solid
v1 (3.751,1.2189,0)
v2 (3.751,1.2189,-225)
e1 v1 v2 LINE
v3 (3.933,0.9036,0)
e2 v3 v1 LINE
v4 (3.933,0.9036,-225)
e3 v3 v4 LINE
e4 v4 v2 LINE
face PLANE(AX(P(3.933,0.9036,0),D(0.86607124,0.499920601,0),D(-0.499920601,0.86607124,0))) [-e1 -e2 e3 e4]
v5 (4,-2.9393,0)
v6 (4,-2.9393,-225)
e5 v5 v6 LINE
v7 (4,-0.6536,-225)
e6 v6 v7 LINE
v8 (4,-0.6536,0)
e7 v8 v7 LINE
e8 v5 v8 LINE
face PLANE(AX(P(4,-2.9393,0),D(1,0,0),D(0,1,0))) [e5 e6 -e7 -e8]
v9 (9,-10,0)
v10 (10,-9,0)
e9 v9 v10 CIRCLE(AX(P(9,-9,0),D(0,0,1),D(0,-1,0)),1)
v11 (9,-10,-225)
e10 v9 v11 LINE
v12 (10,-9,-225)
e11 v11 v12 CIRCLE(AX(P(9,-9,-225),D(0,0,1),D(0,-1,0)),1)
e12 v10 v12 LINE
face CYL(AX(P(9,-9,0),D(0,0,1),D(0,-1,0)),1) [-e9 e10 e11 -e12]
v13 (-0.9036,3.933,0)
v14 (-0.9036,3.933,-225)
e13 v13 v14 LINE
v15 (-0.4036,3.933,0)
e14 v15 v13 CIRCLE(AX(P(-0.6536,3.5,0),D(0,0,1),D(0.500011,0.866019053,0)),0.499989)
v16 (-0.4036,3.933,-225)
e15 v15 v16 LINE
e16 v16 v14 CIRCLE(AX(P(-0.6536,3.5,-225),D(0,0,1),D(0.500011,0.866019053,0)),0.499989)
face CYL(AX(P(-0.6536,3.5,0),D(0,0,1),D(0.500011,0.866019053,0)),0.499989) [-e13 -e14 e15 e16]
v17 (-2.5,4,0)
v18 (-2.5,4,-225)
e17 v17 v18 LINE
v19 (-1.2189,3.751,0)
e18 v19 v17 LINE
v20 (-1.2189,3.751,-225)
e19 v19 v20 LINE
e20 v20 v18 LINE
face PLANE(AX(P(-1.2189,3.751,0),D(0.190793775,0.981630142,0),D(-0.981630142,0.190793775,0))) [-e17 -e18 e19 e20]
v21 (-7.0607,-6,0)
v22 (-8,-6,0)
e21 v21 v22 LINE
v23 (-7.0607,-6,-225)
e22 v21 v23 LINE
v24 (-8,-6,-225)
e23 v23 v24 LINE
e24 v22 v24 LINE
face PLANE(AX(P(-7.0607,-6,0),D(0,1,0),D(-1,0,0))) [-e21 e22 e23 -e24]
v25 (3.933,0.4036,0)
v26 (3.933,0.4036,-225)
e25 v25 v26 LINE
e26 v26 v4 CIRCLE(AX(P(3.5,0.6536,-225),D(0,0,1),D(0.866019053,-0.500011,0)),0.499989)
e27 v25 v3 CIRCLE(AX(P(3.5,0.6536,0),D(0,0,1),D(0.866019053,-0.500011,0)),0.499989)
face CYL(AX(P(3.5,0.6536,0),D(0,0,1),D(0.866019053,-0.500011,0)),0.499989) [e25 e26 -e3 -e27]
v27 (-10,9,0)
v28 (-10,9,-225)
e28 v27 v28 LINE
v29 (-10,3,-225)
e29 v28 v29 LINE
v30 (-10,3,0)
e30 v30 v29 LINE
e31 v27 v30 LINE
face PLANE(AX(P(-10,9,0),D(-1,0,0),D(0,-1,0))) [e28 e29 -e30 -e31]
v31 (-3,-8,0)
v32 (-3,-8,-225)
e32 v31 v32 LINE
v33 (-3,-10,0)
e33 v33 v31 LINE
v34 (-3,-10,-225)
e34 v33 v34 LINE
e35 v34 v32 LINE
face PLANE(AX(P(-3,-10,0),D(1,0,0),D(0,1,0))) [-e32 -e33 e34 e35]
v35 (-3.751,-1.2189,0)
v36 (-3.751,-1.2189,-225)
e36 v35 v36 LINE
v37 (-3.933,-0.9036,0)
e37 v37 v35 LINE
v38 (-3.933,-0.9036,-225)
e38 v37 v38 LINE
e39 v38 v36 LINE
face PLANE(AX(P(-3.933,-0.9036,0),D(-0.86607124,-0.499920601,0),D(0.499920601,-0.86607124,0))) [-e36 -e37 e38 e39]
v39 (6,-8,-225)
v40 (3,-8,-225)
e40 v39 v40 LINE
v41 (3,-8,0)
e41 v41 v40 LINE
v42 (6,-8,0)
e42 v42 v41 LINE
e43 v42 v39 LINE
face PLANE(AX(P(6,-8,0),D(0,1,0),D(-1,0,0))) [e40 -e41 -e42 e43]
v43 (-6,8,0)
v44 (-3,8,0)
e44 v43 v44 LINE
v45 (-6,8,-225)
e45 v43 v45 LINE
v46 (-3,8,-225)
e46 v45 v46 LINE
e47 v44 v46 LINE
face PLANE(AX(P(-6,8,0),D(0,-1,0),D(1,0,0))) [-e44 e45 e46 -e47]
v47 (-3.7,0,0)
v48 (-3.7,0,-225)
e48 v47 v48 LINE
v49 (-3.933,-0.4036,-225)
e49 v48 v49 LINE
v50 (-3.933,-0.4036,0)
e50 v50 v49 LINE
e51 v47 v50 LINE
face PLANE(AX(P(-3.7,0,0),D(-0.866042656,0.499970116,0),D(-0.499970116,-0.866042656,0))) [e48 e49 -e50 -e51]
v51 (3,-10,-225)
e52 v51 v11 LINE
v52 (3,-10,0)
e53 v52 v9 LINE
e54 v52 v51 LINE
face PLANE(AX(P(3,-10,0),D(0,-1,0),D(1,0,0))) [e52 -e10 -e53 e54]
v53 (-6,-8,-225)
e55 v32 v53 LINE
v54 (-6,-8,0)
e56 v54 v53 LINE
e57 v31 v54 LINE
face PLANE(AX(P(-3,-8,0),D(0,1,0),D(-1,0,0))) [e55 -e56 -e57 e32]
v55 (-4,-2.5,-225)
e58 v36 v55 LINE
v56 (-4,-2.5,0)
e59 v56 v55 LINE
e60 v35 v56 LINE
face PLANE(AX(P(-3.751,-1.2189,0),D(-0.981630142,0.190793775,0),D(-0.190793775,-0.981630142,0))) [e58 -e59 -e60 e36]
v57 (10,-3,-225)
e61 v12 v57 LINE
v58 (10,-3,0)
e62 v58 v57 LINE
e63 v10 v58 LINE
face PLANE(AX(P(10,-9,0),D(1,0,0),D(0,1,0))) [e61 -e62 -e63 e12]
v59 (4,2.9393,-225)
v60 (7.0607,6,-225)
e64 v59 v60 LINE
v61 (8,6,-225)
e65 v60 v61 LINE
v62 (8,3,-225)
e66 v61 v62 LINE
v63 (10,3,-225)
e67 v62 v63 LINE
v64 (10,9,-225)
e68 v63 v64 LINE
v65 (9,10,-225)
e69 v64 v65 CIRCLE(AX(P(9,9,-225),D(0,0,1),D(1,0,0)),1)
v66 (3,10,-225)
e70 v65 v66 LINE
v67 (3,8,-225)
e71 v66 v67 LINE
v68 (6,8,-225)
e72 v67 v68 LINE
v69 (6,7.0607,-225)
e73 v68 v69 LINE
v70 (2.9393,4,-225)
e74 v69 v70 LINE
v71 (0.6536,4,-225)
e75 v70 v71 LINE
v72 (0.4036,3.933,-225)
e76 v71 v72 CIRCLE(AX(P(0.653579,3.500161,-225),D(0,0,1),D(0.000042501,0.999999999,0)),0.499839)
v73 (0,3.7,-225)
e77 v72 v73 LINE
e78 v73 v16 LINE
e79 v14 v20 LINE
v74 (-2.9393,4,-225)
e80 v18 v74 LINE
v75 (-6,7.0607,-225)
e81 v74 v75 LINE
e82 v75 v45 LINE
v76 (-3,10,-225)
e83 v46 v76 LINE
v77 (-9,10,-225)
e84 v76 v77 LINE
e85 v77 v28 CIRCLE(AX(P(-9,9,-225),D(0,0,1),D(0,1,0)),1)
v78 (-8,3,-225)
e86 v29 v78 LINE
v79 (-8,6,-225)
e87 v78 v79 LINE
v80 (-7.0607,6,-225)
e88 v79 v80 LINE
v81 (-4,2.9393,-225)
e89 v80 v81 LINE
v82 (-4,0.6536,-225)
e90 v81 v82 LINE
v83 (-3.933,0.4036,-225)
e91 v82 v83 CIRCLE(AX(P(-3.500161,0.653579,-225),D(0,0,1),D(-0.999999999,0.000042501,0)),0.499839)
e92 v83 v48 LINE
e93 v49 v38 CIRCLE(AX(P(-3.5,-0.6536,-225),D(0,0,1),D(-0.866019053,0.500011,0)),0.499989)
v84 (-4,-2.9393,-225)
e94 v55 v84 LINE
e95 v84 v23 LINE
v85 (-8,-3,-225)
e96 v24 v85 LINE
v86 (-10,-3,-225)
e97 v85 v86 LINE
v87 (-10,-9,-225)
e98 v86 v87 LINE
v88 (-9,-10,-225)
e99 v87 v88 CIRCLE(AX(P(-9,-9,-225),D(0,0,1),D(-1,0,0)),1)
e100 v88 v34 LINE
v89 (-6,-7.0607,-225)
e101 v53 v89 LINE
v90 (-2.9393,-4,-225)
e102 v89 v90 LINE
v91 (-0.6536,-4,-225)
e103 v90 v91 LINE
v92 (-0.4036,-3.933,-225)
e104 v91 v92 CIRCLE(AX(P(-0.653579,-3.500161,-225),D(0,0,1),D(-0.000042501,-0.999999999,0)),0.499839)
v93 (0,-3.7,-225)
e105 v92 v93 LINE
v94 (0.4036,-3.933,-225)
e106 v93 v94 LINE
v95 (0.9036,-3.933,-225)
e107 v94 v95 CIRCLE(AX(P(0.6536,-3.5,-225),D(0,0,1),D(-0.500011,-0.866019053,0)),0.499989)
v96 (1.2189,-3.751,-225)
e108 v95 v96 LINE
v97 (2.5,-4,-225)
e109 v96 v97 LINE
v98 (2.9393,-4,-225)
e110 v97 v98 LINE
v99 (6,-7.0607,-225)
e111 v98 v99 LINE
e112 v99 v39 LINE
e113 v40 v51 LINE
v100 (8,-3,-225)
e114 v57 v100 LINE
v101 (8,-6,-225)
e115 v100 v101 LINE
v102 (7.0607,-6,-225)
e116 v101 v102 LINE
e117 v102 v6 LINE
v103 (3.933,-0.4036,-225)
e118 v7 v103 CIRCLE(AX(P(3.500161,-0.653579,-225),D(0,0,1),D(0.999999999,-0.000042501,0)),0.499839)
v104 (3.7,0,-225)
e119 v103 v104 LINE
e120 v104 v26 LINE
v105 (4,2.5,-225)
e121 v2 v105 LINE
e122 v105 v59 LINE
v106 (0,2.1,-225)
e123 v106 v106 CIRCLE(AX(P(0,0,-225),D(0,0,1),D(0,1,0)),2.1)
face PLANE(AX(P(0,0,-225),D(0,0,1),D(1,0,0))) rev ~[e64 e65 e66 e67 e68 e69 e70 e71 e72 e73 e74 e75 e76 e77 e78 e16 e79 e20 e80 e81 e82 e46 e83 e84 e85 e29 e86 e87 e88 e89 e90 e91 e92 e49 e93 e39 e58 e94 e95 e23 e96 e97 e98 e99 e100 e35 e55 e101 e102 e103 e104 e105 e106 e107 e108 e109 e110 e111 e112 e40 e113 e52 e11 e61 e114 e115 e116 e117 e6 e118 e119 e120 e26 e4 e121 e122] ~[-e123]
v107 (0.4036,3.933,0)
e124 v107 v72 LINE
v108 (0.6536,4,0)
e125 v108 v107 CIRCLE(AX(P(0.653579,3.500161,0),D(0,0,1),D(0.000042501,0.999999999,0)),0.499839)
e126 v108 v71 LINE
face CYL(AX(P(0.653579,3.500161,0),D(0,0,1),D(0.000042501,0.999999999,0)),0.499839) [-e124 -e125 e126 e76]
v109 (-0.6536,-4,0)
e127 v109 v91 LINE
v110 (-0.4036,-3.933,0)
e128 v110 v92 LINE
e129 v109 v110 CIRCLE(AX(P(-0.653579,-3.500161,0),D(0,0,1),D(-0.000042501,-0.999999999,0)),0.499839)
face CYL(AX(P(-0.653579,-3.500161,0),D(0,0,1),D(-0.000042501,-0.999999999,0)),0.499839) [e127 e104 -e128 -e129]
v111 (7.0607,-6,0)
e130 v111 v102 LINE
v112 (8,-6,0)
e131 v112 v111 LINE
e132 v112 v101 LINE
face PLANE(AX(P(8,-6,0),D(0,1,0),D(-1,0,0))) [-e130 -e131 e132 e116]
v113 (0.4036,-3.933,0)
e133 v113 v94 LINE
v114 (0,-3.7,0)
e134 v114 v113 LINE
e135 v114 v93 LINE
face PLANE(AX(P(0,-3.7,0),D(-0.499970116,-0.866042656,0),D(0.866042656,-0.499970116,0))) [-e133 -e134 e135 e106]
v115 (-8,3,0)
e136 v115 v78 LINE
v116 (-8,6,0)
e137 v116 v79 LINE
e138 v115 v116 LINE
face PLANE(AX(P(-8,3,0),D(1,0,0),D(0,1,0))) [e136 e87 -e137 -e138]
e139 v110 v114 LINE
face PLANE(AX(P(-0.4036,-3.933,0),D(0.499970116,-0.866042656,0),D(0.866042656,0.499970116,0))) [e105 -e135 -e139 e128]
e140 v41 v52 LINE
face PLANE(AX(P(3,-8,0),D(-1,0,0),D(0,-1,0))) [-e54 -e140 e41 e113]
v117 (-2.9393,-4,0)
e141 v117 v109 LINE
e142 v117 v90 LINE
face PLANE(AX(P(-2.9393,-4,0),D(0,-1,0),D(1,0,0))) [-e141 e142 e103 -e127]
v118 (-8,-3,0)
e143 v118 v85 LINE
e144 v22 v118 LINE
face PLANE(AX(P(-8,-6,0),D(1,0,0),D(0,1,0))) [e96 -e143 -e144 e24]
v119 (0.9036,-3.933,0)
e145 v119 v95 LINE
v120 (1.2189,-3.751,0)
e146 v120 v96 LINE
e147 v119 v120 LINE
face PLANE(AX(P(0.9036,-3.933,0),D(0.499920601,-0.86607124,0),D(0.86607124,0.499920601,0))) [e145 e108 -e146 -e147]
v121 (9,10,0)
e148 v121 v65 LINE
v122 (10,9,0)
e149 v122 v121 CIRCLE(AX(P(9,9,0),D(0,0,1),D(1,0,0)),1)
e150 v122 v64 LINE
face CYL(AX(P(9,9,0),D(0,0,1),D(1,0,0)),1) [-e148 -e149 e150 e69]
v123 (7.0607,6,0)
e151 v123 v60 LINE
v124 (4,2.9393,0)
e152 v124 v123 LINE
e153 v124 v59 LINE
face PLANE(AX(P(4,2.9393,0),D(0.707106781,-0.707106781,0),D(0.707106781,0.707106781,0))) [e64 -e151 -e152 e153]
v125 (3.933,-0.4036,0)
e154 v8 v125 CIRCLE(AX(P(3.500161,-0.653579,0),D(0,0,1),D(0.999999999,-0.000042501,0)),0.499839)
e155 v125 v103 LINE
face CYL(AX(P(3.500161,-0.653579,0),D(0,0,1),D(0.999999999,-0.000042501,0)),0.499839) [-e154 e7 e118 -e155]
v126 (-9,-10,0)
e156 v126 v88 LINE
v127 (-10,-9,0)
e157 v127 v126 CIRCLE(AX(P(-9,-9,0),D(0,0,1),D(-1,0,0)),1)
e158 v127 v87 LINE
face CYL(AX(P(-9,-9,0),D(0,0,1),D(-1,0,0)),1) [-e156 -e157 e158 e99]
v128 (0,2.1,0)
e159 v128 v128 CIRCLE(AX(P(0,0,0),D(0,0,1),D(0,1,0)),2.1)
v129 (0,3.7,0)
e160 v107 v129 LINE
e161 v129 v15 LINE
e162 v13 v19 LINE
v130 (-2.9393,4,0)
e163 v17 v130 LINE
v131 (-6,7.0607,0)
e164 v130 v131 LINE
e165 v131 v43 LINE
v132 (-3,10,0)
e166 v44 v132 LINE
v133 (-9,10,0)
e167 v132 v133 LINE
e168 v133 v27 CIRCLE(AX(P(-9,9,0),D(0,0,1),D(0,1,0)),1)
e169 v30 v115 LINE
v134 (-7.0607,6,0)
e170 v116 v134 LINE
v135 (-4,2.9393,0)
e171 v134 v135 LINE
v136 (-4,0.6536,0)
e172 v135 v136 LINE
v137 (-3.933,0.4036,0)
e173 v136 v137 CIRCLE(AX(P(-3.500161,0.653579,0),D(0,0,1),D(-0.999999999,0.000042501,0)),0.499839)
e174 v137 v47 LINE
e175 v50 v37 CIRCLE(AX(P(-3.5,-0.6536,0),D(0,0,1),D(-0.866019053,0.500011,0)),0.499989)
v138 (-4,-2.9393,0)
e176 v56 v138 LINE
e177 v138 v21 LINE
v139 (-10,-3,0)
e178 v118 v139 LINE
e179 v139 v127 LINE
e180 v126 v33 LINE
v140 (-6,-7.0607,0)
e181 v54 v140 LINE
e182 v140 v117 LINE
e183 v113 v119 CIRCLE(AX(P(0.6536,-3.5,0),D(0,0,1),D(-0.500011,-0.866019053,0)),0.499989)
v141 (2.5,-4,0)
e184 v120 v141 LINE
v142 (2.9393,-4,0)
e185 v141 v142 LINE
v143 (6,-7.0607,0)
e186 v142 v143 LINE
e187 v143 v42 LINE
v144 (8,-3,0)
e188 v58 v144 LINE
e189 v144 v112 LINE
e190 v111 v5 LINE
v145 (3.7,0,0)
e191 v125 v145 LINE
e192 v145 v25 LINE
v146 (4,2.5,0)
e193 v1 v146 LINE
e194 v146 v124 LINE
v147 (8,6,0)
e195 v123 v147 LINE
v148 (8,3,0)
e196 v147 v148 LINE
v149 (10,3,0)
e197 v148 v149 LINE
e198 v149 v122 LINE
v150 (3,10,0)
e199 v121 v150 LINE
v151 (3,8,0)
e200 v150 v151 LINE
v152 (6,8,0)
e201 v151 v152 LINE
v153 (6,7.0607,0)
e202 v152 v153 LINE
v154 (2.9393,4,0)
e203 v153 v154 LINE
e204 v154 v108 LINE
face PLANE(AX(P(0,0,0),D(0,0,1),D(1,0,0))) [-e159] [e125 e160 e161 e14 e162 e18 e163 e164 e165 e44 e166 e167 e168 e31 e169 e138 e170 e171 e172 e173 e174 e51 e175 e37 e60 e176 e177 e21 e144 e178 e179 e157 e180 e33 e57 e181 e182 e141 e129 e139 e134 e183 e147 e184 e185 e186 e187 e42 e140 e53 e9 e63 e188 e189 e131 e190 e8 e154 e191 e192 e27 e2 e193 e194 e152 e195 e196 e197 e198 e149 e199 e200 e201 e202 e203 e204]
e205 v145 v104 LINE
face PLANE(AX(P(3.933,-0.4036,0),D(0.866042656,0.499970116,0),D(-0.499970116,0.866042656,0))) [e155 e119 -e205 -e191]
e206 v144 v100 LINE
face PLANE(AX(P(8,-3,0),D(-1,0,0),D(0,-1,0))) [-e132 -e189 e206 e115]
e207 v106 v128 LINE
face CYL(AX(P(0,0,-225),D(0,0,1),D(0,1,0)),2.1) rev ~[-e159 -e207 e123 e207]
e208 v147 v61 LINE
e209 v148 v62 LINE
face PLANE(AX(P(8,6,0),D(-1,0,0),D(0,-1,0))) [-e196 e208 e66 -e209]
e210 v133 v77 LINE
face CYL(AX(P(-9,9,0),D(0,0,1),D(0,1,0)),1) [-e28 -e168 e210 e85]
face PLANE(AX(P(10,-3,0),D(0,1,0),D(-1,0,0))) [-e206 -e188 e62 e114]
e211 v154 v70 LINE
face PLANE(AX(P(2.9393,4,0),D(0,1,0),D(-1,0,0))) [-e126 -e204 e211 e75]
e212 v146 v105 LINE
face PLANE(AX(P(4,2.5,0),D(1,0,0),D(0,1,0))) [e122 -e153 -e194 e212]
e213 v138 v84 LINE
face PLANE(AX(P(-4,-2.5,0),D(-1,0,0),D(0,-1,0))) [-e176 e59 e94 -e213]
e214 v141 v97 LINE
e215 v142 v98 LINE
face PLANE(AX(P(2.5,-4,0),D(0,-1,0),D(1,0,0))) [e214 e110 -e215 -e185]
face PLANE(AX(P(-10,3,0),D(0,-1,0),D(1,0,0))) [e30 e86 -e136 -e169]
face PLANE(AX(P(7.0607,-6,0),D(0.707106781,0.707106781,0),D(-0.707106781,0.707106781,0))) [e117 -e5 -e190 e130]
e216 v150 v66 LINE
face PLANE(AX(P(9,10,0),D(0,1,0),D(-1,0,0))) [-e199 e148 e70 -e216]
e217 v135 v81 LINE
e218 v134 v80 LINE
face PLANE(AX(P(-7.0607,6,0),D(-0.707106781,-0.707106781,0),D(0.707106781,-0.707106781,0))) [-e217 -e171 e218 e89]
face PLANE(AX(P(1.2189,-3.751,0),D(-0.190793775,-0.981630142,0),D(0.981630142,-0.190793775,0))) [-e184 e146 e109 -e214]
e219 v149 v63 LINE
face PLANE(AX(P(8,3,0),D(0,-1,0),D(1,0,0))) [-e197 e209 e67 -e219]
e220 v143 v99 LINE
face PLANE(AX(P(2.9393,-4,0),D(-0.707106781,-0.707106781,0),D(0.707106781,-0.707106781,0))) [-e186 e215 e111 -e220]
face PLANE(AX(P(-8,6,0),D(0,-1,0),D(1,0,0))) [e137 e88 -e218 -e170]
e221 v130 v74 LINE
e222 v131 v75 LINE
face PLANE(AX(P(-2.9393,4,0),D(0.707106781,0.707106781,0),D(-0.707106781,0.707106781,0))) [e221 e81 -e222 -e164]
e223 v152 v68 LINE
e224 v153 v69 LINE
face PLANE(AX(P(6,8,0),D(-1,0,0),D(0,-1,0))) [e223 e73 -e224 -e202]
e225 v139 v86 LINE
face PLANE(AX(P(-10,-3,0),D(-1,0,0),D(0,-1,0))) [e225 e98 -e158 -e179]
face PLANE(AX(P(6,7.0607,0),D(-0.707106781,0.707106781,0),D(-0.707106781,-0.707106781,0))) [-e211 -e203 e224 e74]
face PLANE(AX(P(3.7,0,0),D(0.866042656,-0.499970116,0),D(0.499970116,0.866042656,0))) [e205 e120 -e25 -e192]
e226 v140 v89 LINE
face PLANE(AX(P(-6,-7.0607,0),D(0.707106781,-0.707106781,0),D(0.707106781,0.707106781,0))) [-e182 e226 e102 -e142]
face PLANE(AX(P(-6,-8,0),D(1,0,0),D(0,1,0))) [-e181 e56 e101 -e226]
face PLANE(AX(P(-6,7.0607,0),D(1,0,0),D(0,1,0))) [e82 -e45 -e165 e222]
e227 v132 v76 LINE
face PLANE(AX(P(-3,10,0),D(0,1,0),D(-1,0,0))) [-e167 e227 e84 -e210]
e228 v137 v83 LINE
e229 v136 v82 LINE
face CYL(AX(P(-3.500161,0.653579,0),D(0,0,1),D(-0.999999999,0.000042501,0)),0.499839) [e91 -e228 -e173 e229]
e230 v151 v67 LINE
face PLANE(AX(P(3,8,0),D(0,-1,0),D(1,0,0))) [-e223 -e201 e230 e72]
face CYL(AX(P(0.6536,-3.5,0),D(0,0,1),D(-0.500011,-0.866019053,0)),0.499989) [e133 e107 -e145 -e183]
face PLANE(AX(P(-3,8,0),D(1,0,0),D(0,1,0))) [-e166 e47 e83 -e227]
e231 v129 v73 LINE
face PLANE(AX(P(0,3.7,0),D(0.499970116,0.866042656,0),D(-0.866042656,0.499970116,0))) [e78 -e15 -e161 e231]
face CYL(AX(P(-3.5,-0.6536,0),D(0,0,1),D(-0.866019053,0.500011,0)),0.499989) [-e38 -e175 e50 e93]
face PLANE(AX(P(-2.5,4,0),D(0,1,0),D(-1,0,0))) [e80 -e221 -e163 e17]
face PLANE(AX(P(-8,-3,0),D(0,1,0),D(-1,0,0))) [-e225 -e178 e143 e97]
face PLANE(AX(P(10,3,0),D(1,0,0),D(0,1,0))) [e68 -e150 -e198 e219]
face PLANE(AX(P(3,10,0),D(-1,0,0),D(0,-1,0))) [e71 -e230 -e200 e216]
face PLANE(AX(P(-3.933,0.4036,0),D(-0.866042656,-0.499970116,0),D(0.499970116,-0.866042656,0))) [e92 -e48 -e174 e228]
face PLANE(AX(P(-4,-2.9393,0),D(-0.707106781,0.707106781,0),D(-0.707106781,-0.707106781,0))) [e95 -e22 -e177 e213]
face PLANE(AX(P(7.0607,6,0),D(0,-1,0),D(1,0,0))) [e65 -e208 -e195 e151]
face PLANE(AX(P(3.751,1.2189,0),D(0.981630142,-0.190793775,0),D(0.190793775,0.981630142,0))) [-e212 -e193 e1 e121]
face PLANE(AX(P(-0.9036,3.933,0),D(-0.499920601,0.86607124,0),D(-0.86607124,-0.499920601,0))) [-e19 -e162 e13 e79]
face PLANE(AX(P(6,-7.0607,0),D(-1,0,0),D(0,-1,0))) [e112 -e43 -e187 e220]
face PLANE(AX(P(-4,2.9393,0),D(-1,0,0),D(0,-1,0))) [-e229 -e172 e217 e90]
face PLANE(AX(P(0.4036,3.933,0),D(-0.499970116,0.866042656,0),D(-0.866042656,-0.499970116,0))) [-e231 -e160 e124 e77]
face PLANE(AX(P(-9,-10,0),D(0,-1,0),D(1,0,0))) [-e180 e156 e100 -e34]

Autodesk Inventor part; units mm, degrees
sketch "Sketch_75" plane through (0, 0, 0) normal (0, 0, 1) x (1, 0, 0)
  line L0 (-10, -3) -> (-10, -9)
  arc A0 (-10, -9) -> (-9, -10) centre (-9, -9) ccw
  line L1 (-9, -10) -> (-3, -10)
  line L2 (-3, -10) -> (-3, -8)
  line L3 (-3, -8) -> (-6, -8)
  line L4 (-6, -8) -> (-6, -7.0607)
  line L5 (-6, -7.0607) -> (-2.9393, -4)
  line L6 (-2.9393, -4) -> (-0.6536, -4)
  arc A1 (-0.6536, -4) -> (-0.4036, -3.933) centre (-0.6536, -3.5) ccw
  line L7 (-0.4036, -3.933) -> (0, -3.7)
  line L8 (0, -3.7) -> (0.4036, -3.933)
  arc A2 (0.4036, -3.933) -> (0.9036, -3.933) centre (0.6536, -3.5) ccw
  line L9 (0.9036, -3.933) -> (1.2189, -3.751)
  line L10 (1.2189, -3.751) -> (2.5, -4)
  line L11 (2.5, -4) -> (2.9393, -4)
  line L12 (2.9393, -4) -> (6, -7.0607)
  line L13 (6, -7.0607) -> (6, -8)
  line L14 (6, -8) -> (3, -8)
  line L15 (3, -8) -> (3, -10)
  line L16 (3, -10) -> (9, -10)
  arc A3 (9, -10) -> (10, -9) centre (9, -9) ccw
  line L17 (10, -9) -> (10, -3)
  line L18 (10, -3) -> (8, -3)
  line L19 (8, -3) -> (8, -6)
  line L20 (8, -6) -> (7.0607, -6)
  line L21 (7.0607, -6) -> (4, -2.9393)
  line L22 (4, -2.9393) -> (4, -0.6536)
  arc A4 (4, -0.6536) -> (3.933, -0.4036) centre (3.5, -0.6536) ccw
  line L23 (3.933, -0.4036) -> (3.7, 0)
  line L24 (3.7, 0) -> (3.933, 0.4036)
  arc A5 (3.933, 0.4036) -> (3.933, 0.9036) centre (3.5, 0.6536) ccw
  line L25 (3.933, 0.9036) -> (3.751, 1.2189)
  line L26 (3.751, 1.2189) -> (4, 2.5)
  line L27 (4, 2.5) -> (4, 2.9393)
  line L28 (4, 2.9393) -> (7.0607, 6)
  line L29 (7.0607, 6) -> (8, 6)
  line L30 (8, 6) -> (8, 3)
  line L31 (8, 3) -> (10, 3)
  line L32 (10, 3) -> (10, 9)
  arc A6 (10, 9) -> (9, 10) centre (9, 9) ccw
  line L33 (9, 10) -> (3, 10)
  line L34 (3, 10) -> (3, 8)
  line L35 (3, 8) -> (6, 8)
  line L36 (6, 8) -> (6, 7.0607)
  line L37 (6, 7.0607) -> (2.9393, 4)
  line L38 (2.9393, 4) -> (0.6536, 4)
  arc A7 (0.6536, 4) -> (0.4036, 3.933) centre (0.6536, 3.5) ccw
  line L39 (0.4036, 3.933) -> (0, 3.7)
  line L40 (0, 3.7) -> (-0.4036, 3.933)
  arc A8 (-0.4036, 3.933) -> (-0.9036, 3.933) centre (-0.6536, 3.5) ccw
  line L41 (-0.9036, 3.933) -> (-1.2189, 3.751)
  line L42 (-1.2189, 3.751) -> (-2.5, 4)
  line L43 (-2.5, 4) -> (-2.9393, 4)
  line L44 (-2.9393, 4) -> (-6, 7.0607)
  line L45 (-6, 7.0607) -> (-6, 8)
  line L46 (-6, 8) -> (-3, 8)
  line L47 (-3, 8) -> (-3, 10)
  line L48 (-3, 10) -> (-9, 10)
  arc A9 (-9, 10) -> (-10, 9) centre (-9, 9) ccw
  line L49 (-10, 9) -> (-10, 3)
  line L50 (-10, 3) -> (-8, 3)
  line L51 (-8, 3) -> (-8, 6)
  line L52 (-8, 6) -> (-7.0607, 6)
  line L53 (-7.0607, 6) -> (-4, 2.9393)
  line L54 (-4, 2.9393) -> (-4, 0.6536)
  arc A10 (-4, 0.6536) -> (-3.933, 0.4036) centre (-3.5, 0.6536) ccw
  line L55 (-3.933, 0.4036) -> (-3.7, 0)
  line L56 (-3.7, 0) -> (-3.933, -0.4036)
  arc A11 (-3.933, -0.4036) -> (-3.933, -0.9036) centre (-3.5, -0.6536) ccw
  line L57 (-3.933, -0.9036) -> (-3.751, -1.2189)
  line L58 (-3.751, -1.2189) -> (-4, -2.5)
  line L59 (-4, -2.5) -> (-4, -2.9393)
  line L60 (-4, -2.9393) -> (-7.0607, -6)
  line L61 (-7.0607, -6) -> (-8, -6)
  line L62 (-8, -6) -> (-8, -3)
  line L63 (-8, -3) -> (-10, -3)
extrude "Extrusion1" add sketch "Sketch_75" against normal blind 225
sketch "Sketch2" plane through (0, 0, -225) normal (0, 0, -1) x (-1, 0, 0)
  point P0 (0, 0)
hole "Hole1" at (0, 0, -225) direction (0, 0, 1) diameter 4.2 depth 225
ref_plane "C1_XY" through (0, 0, 0) normal (0, 0, 1) x (1, 0, 0)
ref_plane "C1_YZ" through (0, 0, 0) normal (1, 0, 0) x (0, 1, 0)
ref_plane "C1_ZX" through (0, 0, 0) normal (0, 1, 0) x (0, 0, 1)
properties part number "NFS5-2020-225"
